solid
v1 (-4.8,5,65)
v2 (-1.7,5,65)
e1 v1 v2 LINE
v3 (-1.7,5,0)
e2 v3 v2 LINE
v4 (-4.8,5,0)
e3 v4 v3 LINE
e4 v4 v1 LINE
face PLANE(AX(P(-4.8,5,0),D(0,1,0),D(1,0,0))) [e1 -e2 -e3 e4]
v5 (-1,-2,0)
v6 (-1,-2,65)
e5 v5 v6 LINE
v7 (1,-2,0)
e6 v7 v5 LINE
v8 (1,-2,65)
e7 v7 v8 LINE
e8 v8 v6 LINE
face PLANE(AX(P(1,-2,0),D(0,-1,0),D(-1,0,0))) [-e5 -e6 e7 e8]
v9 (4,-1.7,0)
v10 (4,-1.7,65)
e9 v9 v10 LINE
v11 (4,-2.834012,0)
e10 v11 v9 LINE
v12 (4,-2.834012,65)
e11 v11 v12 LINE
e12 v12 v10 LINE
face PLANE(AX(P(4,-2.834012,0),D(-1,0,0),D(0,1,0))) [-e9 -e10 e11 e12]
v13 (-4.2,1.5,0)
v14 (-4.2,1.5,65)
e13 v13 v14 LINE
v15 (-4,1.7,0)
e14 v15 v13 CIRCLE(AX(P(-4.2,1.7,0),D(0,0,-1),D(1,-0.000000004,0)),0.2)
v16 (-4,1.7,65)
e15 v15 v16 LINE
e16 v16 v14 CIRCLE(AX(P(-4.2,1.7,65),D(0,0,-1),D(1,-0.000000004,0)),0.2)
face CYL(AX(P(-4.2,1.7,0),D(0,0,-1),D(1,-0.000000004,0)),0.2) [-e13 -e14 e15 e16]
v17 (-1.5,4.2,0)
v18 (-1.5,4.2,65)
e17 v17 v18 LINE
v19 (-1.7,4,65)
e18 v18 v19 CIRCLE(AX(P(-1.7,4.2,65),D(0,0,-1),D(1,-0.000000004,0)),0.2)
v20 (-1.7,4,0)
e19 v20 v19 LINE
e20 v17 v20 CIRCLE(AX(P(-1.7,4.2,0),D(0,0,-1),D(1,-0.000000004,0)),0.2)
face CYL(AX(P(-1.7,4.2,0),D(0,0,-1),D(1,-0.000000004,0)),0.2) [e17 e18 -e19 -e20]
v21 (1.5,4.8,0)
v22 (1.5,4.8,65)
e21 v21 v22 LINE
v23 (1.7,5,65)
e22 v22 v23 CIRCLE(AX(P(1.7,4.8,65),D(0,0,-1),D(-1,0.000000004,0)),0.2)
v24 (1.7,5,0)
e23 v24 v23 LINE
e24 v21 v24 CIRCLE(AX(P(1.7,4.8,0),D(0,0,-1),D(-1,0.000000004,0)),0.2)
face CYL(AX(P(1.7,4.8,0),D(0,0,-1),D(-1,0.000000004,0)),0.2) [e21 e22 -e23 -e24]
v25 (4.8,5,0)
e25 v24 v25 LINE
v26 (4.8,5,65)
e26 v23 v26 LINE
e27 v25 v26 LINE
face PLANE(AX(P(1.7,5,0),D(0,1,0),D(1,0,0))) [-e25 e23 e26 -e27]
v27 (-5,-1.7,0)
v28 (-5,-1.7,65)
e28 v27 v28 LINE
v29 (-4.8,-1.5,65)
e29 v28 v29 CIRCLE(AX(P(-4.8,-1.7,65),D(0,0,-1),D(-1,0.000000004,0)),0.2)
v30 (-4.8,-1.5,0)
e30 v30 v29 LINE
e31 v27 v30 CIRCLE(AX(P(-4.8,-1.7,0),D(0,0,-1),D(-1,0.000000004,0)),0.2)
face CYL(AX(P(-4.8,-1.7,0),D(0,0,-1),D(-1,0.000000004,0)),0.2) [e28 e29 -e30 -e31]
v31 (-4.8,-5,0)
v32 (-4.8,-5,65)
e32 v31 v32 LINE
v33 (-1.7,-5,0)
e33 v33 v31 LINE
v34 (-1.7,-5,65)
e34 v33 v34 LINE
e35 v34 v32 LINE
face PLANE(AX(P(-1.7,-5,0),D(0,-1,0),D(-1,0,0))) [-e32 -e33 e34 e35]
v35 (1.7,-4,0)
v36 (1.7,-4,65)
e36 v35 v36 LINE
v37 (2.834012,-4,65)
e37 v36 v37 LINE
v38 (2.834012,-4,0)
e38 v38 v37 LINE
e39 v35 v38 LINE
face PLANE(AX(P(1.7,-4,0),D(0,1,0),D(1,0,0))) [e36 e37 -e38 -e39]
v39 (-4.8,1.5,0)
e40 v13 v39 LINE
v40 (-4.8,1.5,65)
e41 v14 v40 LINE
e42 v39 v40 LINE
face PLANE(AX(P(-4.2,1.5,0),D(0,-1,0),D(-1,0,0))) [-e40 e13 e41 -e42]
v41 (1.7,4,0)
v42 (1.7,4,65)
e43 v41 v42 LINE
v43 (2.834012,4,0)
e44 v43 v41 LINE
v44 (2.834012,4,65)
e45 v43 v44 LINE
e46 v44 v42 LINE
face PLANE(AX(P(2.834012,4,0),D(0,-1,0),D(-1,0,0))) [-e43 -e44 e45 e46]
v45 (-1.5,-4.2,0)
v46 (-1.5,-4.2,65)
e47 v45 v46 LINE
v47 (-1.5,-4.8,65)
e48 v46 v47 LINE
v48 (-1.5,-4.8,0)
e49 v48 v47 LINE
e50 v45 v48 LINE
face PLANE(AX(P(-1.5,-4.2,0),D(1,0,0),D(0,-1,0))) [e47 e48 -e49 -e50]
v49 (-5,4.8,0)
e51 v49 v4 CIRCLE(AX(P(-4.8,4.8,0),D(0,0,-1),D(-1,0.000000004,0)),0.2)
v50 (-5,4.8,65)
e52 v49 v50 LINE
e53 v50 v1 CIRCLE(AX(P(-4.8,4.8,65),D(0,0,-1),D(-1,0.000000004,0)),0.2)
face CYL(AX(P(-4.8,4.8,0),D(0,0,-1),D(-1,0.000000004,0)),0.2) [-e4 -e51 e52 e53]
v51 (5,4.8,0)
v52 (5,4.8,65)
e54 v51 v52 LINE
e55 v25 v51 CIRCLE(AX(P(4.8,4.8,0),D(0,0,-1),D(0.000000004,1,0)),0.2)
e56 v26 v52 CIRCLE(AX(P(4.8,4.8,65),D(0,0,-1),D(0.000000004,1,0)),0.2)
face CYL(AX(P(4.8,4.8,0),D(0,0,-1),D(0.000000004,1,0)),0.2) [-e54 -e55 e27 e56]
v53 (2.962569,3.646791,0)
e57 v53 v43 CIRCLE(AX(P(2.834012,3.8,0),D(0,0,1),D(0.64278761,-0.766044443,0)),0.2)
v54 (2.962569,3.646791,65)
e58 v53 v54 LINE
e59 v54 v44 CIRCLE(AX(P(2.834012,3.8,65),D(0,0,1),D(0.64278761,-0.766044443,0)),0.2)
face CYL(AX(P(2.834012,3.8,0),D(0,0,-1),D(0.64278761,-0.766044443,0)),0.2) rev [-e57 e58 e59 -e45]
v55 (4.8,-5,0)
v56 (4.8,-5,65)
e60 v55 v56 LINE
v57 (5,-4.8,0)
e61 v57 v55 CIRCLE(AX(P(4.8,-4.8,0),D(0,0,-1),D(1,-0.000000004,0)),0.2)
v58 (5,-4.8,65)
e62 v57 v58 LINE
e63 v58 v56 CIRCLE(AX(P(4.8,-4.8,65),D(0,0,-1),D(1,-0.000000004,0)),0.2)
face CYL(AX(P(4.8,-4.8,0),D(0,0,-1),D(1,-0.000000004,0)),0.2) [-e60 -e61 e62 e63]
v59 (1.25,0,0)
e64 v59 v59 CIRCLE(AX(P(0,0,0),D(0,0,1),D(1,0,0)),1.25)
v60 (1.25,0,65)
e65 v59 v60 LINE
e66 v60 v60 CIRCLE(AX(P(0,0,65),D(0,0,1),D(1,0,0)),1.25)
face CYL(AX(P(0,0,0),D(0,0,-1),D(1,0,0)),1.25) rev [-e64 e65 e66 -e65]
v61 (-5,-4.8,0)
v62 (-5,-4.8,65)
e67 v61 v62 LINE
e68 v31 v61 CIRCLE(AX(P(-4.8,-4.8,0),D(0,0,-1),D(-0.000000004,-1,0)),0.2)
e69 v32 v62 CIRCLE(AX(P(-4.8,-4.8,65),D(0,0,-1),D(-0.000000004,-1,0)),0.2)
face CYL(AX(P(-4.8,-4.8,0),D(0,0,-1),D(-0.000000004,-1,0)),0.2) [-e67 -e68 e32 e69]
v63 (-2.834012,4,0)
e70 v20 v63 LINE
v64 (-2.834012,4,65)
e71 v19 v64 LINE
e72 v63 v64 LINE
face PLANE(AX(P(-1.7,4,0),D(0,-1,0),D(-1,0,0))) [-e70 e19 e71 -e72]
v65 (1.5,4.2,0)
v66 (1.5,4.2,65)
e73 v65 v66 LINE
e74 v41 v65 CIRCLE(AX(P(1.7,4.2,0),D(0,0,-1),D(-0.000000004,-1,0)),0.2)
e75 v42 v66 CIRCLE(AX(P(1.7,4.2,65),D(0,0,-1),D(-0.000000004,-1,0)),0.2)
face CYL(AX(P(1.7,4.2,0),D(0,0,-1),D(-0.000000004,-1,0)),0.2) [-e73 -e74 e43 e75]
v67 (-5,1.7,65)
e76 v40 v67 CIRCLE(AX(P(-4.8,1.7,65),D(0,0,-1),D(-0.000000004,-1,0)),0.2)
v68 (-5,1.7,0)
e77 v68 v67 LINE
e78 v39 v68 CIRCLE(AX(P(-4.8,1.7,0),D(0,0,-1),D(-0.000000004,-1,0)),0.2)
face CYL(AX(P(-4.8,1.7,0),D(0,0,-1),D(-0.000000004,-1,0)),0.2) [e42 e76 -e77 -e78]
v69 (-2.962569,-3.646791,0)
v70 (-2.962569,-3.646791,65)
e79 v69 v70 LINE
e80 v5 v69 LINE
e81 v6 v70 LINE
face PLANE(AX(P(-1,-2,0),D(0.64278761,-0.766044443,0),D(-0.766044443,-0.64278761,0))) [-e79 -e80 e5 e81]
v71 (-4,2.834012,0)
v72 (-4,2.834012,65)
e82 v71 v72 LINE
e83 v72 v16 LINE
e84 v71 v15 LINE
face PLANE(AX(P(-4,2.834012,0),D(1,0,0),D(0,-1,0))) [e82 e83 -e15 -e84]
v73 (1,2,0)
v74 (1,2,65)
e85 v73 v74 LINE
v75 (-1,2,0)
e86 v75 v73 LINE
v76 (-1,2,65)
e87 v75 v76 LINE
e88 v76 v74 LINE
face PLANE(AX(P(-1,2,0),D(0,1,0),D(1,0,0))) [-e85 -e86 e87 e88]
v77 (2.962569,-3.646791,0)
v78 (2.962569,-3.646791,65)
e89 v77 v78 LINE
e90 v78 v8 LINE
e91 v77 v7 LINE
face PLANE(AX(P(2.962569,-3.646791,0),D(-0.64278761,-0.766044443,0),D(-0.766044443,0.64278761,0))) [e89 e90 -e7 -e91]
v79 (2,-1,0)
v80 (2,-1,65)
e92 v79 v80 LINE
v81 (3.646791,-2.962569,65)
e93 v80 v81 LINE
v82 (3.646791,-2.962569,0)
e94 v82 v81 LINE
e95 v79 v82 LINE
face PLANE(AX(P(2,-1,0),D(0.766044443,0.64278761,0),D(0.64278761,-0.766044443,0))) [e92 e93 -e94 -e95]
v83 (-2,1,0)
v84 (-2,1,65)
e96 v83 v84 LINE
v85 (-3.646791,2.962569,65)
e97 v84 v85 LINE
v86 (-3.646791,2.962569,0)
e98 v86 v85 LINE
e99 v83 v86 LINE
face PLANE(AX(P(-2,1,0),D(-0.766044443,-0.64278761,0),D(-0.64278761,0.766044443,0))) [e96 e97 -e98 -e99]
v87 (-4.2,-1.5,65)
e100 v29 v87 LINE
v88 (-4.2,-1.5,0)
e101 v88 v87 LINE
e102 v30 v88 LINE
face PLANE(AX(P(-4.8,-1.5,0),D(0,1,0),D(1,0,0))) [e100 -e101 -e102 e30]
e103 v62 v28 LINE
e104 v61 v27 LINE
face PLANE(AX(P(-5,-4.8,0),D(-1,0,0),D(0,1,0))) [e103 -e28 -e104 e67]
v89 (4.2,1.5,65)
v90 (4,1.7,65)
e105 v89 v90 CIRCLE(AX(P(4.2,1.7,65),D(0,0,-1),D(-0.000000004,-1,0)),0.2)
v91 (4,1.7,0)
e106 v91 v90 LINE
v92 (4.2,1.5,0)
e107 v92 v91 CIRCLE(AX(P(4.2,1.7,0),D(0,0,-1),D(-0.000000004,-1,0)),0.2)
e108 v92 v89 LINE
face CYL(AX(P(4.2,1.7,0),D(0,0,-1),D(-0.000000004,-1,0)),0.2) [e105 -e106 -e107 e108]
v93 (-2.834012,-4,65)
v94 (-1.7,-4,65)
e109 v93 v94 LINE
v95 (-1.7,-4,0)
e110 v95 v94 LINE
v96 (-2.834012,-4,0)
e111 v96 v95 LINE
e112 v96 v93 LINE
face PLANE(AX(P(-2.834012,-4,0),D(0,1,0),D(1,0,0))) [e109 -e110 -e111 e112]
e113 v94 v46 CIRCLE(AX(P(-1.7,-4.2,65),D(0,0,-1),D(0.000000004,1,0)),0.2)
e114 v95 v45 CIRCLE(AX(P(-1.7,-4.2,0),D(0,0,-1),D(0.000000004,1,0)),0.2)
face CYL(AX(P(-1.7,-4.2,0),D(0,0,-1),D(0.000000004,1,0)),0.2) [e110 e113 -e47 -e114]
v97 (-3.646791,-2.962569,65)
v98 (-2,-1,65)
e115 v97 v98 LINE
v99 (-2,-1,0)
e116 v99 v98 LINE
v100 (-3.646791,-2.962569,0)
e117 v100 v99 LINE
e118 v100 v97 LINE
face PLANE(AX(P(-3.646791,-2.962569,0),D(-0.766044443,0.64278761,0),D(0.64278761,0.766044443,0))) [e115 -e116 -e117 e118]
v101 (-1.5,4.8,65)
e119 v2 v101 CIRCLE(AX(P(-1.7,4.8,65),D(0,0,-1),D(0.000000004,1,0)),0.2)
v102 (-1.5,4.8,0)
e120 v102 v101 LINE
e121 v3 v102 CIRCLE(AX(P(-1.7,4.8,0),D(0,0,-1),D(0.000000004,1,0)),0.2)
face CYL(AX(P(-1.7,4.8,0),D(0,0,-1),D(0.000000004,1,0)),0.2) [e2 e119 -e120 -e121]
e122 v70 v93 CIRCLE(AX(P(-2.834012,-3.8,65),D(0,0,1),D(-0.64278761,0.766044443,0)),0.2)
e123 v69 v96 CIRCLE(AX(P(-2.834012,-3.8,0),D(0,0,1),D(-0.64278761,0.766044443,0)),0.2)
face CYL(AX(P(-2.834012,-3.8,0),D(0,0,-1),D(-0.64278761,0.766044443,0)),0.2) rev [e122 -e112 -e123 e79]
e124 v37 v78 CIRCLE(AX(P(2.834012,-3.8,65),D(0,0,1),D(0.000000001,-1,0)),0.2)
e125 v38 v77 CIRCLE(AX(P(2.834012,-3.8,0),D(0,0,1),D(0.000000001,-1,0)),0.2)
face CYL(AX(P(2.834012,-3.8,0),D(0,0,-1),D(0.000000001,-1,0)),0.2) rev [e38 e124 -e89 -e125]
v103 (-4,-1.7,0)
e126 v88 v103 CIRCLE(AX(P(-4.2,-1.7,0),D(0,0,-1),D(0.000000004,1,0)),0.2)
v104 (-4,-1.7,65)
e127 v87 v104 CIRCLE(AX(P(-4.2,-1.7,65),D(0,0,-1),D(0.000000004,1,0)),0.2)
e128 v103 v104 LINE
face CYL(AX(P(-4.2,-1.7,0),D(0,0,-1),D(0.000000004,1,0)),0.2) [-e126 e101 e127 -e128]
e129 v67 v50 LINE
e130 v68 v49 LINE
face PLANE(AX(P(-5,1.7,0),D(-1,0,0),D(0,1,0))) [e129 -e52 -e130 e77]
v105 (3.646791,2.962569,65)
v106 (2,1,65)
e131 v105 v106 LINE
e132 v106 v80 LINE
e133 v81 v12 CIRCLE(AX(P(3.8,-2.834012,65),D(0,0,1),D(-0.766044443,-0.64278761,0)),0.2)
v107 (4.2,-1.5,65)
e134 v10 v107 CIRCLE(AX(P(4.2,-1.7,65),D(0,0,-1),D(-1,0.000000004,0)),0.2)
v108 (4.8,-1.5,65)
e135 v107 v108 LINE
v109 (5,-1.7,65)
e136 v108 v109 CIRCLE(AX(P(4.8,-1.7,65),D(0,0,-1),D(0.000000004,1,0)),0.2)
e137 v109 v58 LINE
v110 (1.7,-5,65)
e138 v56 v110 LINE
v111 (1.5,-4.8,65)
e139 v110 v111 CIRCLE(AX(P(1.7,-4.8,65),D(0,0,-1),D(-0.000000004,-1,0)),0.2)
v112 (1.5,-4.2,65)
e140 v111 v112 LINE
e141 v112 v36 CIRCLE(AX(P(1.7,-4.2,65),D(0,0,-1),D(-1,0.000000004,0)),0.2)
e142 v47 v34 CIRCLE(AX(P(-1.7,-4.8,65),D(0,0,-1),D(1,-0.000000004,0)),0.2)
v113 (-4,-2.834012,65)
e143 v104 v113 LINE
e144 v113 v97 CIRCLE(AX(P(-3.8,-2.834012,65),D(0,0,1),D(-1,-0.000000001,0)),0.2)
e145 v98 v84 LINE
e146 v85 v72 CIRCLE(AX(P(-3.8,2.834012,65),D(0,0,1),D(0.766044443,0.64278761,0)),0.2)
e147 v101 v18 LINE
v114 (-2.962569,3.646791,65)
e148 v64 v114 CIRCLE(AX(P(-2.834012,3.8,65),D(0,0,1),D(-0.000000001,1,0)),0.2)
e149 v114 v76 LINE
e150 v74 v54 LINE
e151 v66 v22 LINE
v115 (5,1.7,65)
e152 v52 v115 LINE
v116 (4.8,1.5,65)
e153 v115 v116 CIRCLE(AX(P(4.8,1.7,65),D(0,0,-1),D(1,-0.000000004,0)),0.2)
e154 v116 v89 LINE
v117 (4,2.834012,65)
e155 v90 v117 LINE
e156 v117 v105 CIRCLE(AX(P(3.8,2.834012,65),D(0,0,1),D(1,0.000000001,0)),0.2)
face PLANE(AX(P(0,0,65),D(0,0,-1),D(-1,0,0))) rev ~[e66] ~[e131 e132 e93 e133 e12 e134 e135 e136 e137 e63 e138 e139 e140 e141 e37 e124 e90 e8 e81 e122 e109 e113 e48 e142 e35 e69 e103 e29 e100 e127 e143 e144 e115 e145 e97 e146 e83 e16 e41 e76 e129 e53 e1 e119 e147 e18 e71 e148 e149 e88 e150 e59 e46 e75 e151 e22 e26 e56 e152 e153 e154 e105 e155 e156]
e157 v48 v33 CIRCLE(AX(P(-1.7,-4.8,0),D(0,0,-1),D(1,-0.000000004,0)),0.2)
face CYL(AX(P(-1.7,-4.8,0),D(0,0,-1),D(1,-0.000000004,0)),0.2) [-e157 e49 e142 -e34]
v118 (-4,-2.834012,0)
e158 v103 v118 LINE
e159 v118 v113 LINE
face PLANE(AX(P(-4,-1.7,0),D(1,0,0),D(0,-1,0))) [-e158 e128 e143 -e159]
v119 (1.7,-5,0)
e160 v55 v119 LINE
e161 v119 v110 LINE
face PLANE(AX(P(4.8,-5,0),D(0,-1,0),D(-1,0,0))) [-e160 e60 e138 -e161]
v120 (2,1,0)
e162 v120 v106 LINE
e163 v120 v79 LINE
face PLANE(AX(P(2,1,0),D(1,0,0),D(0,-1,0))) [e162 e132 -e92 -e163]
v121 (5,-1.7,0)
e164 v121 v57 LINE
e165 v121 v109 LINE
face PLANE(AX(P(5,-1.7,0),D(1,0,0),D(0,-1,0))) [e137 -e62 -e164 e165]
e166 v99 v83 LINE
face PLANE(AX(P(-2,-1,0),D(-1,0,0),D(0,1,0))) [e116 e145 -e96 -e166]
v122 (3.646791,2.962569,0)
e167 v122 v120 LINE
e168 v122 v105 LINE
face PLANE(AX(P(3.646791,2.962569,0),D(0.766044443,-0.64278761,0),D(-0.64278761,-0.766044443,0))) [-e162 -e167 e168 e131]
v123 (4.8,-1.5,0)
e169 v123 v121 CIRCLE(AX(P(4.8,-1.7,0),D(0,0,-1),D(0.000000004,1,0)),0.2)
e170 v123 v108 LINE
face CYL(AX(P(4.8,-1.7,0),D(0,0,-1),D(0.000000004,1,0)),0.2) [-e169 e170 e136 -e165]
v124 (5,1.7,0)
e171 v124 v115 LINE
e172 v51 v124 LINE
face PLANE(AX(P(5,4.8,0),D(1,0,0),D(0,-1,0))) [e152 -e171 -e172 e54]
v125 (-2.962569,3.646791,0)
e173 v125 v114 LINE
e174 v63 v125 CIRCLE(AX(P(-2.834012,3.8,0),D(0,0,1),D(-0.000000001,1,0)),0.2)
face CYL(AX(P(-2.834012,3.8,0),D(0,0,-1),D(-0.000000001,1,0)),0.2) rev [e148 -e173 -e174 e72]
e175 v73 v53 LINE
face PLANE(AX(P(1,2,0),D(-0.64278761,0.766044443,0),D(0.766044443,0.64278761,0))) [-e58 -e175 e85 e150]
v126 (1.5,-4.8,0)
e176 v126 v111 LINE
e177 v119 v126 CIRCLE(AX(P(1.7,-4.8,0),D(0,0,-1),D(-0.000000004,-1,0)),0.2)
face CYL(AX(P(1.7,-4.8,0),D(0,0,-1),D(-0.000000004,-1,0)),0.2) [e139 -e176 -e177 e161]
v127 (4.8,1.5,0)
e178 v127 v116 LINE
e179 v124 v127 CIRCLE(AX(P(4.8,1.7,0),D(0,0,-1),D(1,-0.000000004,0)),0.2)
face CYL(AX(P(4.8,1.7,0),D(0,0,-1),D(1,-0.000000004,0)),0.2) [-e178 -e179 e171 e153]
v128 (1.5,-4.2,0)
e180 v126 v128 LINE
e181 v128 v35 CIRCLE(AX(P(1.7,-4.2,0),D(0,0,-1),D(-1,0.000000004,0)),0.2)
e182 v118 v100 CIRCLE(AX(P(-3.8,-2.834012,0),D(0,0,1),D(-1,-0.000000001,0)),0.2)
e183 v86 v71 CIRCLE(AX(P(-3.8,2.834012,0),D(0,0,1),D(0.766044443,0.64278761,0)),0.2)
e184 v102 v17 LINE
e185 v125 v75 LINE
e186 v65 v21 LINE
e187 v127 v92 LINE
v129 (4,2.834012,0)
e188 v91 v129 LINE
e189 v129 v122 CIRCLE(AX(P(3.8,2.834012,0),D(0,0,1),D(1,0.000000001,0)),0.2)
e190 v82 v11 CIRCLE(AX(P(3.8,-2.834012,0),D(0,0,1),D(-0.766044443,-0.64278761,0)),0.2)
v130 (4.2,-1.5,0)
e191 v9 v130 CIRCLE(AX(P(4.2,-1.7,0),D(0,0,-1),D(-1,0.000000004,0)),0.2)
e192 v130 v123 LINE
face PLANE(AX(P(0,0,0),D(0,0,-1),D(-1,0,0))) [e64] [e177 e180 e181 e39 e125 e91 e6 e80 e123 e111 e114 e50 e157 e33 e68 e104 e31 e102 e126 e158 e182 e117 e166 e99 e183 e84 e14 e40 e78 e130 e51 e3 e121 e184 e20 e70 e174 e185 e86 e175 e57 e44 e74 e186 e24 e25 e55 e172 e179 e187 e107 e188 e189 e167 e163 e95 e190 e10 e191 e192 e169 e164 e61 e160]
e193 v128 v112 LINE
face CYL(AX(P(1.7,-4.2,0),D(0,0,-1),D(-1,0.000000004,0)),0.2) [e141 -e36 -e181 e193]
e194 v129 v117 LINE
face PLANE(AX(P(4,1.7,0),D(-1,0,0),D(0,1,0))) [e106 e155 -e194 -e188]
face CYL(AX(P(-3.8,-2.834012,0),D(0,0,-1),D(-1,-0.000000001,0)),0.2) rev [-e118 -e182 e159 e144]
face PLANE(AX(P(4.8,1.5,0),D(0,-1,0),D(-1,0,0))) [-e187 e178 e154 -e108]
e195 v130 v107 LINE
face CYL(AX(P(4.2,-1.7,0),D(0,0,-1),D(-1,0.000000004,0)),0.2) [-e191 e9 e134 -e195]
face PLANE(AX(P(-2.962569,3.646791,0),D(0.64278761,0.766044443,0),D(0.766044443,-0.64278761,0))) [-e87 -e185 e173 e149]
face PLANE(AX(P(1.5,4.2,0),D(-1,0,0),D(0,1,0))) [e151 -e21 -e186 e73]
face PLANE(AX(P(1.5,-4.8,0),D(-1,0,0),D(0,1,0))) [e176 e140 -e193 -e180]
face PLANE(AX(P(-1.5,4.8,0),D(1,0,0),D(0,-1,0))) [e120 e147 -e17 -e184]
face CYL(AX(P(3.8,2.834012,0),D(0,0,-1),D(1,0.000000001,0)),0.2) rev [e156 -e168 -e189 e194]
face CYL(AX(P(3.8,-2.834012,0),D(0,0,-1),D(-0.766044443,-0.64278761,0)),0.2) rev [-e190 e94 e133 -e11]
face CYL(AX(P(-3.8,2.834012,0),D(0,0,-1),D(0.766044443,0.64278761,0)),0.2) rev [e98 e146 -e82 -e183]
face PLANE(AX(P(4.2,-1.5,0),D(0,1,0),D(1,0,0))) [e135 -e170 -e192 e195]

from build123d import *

# Parameters (mm, degrees)
SKETCH1_R           = 1.25
BOSS_EXTRUDE1_DEPTH = 65


with BuildPart() as part:
    # Sketch1 → Boss-Extrude1 (new body)
    with BuildSketch(Plane.XY):
        with BuildLine():
            Line((-4.8, 5), (-1.7, 5))
            ThreePointArc((-1.7, 5), (-1.558578644, 4.941421356), (-1.5, 4.8))
            Line((-1.5, 4.8), (-1.5, 4.2))
            ThreePointArc((-1.5, 4.2), (-1.558578644, 4.058578644), (-1.7, 4))
            Line((-1.7, 4), (-2.834011701, 4))
            ThreePointArc((-2.834011701, 4), (-3.021950225, 3.868404029), (-2.962569223, 3.646791111))
            Line((-2.962569223, 3.646791111), (-1, 2))
            Line((-1, 2), (1, 2))
            Line((1, 2), (2.962569223, 3.646791111))
            ThreePointArc((2.962569223, 3.646791111), (3.021950225, 3.868404029), (2.834011701, 4))
            Line((2.834011701, 4), (1.7, 4))
            ThreePointArc((1.7, 4), (1.558578644, 4.058578644), (1.5, 4.2))
            Line((1.5, 4.2), (1.5, 4.8))
            ThreePointArc((1.5, 4.8), (1.558578644, 4.941421356), (1.7, 5))
            Line((1.7, 5), (4.8, 5))
            ThreePointArc((4.8, 5), (4.941421356, 4.941421356), (5, 4.8))
            Line((5, 4.8), (5, 1.7))
            ThreePointArc((5, 1.7), (4.941421356, 1.558578644), (4.8, 1.5))
            Line((4.8, 1.5), (4.2, 1.5))
            ThreePointArc((4.2, 1.5), (4.058578644, 1.558578644), (4, 1.7))
            Line((4, 1.7), (4, 2.834011701))
            ThreePointArc((4, 2.834011701), (3.868404029, 3.021950225), (3.646791111, 2.962569223))
            Line((3.646791111, 2.962569223), (2, 1))
            Line((2, 1), (2, -1))
            Line((2, -1), (3.646791111, -2.962569223))
            ThreePointArc((3.646791111, -2.962569223), (3.868404029, -3.021950225), (4, -2.834011701))
            Line((4, -2.834011701), (4, -1.7))
            ThreePointArc((4, -1.7), (4.058578644, -1.558578644), (4.2, -1.5))
            Line((4.2, -1.5), (4.8, -1.5))
            ThreePointArc((4.8, -1.5), (4.941421356, -1.558578644), (5, -1.7))
            Line((5, -1.7), (5, -4.8))
            ThreePointArc((5, -4.8), (4.941421356, -4.941421356), (4.8, -5))
            Line((4.8, -5), (1.7, -5))
            ThreePointArc((1.7, -5), (1.558578644, -4.941421356), (1.5, -4.8))
            Line((1.5, -4.8), (1.5, -4.2))
            ThreePointArc((1.5, -4.2), (1.558578644, -4.058578644), (1.7, -4))
            Line((1.7, -4), (2.834011701, -4))
            ThreePointArc((2.834011701, -4), (3.021950225, -3.868404029), (2.962569223, -3.646791111))
            Line((2.962569223, -3.646791111), (1, -2))
            Line((1, -2), (-1, -2))
            Line((-1, -2), (-2.962569223, -3.646791111))
            ThreePointArc((-2.962569223, -3.646791111), (-3.021950225, -3.868404029), (-2.834011701, -4))
            Line((-2.834011701, -4), (-1.7, -4))
            ThreePointArc((-1.7, -4), (-1.558578644, -4.058578644), (-1.5, -4.2))
            Line((-1.5, -4.2), (-1.5, -4.8))
            ThreePointArc((-1.5, -4.8), (-1.558578644, -4.941421356), (-1.7, -5))
            Line((-1.7, -5), (-4.8, -5))
            ThreePointArc((-4.8, -5), (-4.941421356, -4.941421356), (-5, -4.8))
            Line((-5, -4.8), (-5, -1.7))
            ThreePointArc((-5, -1.7), (-4.941421356, -1.558578644), (-4.8, -1.5))
            Line((-4.8, -1.5), (-4.2, -1.5))
            ThreePointArc((-4.2, -1.5), (-4.058578644, -1.558578644), (-4, -1.7))
            Line((-4, -1.7), (-4, -2.834011701))
            ThreePointArc((-4, -2.834011701), (-3.868404029, -3.021950225), (-3.646791111, -2.962569223))
            Line((-3.646791111, -2.962569223), (-2, -1))
            Line((-2, -1), (-2, 1))
            Line((-2, 1), (-3.646791111, 2.962569223))
            ThreePointArc((-3.646791111, 2.962569223), (-3.868404029, 3.021950225), (-4, 2.834011701))
            Line((-4, 2.834011701), (-4, 1.7))
            ThreePointArc((-4, 1.7), (-4.058578644, 1.558578644), (-4.2, 1.5))
            Line((-4.2, 1.5), (-4.8, 1.5))
            ThreePointArc((-4.8, 1.5), (-4.941421356, 1.558578644), (-5, 1.7))
            Line((-5, 1.7), (-5, 4.8))
            ThreePointArc((-5, 4.8), (-4.941421356, 4.941421356), (-4.8, 5))
        make_face()
        Circle(SKETCH1_R, mode=Mode.SUBTRACT)
    extrude(amount=BOSS_EXTRUDE1_DEPTH)


solid = part.part
